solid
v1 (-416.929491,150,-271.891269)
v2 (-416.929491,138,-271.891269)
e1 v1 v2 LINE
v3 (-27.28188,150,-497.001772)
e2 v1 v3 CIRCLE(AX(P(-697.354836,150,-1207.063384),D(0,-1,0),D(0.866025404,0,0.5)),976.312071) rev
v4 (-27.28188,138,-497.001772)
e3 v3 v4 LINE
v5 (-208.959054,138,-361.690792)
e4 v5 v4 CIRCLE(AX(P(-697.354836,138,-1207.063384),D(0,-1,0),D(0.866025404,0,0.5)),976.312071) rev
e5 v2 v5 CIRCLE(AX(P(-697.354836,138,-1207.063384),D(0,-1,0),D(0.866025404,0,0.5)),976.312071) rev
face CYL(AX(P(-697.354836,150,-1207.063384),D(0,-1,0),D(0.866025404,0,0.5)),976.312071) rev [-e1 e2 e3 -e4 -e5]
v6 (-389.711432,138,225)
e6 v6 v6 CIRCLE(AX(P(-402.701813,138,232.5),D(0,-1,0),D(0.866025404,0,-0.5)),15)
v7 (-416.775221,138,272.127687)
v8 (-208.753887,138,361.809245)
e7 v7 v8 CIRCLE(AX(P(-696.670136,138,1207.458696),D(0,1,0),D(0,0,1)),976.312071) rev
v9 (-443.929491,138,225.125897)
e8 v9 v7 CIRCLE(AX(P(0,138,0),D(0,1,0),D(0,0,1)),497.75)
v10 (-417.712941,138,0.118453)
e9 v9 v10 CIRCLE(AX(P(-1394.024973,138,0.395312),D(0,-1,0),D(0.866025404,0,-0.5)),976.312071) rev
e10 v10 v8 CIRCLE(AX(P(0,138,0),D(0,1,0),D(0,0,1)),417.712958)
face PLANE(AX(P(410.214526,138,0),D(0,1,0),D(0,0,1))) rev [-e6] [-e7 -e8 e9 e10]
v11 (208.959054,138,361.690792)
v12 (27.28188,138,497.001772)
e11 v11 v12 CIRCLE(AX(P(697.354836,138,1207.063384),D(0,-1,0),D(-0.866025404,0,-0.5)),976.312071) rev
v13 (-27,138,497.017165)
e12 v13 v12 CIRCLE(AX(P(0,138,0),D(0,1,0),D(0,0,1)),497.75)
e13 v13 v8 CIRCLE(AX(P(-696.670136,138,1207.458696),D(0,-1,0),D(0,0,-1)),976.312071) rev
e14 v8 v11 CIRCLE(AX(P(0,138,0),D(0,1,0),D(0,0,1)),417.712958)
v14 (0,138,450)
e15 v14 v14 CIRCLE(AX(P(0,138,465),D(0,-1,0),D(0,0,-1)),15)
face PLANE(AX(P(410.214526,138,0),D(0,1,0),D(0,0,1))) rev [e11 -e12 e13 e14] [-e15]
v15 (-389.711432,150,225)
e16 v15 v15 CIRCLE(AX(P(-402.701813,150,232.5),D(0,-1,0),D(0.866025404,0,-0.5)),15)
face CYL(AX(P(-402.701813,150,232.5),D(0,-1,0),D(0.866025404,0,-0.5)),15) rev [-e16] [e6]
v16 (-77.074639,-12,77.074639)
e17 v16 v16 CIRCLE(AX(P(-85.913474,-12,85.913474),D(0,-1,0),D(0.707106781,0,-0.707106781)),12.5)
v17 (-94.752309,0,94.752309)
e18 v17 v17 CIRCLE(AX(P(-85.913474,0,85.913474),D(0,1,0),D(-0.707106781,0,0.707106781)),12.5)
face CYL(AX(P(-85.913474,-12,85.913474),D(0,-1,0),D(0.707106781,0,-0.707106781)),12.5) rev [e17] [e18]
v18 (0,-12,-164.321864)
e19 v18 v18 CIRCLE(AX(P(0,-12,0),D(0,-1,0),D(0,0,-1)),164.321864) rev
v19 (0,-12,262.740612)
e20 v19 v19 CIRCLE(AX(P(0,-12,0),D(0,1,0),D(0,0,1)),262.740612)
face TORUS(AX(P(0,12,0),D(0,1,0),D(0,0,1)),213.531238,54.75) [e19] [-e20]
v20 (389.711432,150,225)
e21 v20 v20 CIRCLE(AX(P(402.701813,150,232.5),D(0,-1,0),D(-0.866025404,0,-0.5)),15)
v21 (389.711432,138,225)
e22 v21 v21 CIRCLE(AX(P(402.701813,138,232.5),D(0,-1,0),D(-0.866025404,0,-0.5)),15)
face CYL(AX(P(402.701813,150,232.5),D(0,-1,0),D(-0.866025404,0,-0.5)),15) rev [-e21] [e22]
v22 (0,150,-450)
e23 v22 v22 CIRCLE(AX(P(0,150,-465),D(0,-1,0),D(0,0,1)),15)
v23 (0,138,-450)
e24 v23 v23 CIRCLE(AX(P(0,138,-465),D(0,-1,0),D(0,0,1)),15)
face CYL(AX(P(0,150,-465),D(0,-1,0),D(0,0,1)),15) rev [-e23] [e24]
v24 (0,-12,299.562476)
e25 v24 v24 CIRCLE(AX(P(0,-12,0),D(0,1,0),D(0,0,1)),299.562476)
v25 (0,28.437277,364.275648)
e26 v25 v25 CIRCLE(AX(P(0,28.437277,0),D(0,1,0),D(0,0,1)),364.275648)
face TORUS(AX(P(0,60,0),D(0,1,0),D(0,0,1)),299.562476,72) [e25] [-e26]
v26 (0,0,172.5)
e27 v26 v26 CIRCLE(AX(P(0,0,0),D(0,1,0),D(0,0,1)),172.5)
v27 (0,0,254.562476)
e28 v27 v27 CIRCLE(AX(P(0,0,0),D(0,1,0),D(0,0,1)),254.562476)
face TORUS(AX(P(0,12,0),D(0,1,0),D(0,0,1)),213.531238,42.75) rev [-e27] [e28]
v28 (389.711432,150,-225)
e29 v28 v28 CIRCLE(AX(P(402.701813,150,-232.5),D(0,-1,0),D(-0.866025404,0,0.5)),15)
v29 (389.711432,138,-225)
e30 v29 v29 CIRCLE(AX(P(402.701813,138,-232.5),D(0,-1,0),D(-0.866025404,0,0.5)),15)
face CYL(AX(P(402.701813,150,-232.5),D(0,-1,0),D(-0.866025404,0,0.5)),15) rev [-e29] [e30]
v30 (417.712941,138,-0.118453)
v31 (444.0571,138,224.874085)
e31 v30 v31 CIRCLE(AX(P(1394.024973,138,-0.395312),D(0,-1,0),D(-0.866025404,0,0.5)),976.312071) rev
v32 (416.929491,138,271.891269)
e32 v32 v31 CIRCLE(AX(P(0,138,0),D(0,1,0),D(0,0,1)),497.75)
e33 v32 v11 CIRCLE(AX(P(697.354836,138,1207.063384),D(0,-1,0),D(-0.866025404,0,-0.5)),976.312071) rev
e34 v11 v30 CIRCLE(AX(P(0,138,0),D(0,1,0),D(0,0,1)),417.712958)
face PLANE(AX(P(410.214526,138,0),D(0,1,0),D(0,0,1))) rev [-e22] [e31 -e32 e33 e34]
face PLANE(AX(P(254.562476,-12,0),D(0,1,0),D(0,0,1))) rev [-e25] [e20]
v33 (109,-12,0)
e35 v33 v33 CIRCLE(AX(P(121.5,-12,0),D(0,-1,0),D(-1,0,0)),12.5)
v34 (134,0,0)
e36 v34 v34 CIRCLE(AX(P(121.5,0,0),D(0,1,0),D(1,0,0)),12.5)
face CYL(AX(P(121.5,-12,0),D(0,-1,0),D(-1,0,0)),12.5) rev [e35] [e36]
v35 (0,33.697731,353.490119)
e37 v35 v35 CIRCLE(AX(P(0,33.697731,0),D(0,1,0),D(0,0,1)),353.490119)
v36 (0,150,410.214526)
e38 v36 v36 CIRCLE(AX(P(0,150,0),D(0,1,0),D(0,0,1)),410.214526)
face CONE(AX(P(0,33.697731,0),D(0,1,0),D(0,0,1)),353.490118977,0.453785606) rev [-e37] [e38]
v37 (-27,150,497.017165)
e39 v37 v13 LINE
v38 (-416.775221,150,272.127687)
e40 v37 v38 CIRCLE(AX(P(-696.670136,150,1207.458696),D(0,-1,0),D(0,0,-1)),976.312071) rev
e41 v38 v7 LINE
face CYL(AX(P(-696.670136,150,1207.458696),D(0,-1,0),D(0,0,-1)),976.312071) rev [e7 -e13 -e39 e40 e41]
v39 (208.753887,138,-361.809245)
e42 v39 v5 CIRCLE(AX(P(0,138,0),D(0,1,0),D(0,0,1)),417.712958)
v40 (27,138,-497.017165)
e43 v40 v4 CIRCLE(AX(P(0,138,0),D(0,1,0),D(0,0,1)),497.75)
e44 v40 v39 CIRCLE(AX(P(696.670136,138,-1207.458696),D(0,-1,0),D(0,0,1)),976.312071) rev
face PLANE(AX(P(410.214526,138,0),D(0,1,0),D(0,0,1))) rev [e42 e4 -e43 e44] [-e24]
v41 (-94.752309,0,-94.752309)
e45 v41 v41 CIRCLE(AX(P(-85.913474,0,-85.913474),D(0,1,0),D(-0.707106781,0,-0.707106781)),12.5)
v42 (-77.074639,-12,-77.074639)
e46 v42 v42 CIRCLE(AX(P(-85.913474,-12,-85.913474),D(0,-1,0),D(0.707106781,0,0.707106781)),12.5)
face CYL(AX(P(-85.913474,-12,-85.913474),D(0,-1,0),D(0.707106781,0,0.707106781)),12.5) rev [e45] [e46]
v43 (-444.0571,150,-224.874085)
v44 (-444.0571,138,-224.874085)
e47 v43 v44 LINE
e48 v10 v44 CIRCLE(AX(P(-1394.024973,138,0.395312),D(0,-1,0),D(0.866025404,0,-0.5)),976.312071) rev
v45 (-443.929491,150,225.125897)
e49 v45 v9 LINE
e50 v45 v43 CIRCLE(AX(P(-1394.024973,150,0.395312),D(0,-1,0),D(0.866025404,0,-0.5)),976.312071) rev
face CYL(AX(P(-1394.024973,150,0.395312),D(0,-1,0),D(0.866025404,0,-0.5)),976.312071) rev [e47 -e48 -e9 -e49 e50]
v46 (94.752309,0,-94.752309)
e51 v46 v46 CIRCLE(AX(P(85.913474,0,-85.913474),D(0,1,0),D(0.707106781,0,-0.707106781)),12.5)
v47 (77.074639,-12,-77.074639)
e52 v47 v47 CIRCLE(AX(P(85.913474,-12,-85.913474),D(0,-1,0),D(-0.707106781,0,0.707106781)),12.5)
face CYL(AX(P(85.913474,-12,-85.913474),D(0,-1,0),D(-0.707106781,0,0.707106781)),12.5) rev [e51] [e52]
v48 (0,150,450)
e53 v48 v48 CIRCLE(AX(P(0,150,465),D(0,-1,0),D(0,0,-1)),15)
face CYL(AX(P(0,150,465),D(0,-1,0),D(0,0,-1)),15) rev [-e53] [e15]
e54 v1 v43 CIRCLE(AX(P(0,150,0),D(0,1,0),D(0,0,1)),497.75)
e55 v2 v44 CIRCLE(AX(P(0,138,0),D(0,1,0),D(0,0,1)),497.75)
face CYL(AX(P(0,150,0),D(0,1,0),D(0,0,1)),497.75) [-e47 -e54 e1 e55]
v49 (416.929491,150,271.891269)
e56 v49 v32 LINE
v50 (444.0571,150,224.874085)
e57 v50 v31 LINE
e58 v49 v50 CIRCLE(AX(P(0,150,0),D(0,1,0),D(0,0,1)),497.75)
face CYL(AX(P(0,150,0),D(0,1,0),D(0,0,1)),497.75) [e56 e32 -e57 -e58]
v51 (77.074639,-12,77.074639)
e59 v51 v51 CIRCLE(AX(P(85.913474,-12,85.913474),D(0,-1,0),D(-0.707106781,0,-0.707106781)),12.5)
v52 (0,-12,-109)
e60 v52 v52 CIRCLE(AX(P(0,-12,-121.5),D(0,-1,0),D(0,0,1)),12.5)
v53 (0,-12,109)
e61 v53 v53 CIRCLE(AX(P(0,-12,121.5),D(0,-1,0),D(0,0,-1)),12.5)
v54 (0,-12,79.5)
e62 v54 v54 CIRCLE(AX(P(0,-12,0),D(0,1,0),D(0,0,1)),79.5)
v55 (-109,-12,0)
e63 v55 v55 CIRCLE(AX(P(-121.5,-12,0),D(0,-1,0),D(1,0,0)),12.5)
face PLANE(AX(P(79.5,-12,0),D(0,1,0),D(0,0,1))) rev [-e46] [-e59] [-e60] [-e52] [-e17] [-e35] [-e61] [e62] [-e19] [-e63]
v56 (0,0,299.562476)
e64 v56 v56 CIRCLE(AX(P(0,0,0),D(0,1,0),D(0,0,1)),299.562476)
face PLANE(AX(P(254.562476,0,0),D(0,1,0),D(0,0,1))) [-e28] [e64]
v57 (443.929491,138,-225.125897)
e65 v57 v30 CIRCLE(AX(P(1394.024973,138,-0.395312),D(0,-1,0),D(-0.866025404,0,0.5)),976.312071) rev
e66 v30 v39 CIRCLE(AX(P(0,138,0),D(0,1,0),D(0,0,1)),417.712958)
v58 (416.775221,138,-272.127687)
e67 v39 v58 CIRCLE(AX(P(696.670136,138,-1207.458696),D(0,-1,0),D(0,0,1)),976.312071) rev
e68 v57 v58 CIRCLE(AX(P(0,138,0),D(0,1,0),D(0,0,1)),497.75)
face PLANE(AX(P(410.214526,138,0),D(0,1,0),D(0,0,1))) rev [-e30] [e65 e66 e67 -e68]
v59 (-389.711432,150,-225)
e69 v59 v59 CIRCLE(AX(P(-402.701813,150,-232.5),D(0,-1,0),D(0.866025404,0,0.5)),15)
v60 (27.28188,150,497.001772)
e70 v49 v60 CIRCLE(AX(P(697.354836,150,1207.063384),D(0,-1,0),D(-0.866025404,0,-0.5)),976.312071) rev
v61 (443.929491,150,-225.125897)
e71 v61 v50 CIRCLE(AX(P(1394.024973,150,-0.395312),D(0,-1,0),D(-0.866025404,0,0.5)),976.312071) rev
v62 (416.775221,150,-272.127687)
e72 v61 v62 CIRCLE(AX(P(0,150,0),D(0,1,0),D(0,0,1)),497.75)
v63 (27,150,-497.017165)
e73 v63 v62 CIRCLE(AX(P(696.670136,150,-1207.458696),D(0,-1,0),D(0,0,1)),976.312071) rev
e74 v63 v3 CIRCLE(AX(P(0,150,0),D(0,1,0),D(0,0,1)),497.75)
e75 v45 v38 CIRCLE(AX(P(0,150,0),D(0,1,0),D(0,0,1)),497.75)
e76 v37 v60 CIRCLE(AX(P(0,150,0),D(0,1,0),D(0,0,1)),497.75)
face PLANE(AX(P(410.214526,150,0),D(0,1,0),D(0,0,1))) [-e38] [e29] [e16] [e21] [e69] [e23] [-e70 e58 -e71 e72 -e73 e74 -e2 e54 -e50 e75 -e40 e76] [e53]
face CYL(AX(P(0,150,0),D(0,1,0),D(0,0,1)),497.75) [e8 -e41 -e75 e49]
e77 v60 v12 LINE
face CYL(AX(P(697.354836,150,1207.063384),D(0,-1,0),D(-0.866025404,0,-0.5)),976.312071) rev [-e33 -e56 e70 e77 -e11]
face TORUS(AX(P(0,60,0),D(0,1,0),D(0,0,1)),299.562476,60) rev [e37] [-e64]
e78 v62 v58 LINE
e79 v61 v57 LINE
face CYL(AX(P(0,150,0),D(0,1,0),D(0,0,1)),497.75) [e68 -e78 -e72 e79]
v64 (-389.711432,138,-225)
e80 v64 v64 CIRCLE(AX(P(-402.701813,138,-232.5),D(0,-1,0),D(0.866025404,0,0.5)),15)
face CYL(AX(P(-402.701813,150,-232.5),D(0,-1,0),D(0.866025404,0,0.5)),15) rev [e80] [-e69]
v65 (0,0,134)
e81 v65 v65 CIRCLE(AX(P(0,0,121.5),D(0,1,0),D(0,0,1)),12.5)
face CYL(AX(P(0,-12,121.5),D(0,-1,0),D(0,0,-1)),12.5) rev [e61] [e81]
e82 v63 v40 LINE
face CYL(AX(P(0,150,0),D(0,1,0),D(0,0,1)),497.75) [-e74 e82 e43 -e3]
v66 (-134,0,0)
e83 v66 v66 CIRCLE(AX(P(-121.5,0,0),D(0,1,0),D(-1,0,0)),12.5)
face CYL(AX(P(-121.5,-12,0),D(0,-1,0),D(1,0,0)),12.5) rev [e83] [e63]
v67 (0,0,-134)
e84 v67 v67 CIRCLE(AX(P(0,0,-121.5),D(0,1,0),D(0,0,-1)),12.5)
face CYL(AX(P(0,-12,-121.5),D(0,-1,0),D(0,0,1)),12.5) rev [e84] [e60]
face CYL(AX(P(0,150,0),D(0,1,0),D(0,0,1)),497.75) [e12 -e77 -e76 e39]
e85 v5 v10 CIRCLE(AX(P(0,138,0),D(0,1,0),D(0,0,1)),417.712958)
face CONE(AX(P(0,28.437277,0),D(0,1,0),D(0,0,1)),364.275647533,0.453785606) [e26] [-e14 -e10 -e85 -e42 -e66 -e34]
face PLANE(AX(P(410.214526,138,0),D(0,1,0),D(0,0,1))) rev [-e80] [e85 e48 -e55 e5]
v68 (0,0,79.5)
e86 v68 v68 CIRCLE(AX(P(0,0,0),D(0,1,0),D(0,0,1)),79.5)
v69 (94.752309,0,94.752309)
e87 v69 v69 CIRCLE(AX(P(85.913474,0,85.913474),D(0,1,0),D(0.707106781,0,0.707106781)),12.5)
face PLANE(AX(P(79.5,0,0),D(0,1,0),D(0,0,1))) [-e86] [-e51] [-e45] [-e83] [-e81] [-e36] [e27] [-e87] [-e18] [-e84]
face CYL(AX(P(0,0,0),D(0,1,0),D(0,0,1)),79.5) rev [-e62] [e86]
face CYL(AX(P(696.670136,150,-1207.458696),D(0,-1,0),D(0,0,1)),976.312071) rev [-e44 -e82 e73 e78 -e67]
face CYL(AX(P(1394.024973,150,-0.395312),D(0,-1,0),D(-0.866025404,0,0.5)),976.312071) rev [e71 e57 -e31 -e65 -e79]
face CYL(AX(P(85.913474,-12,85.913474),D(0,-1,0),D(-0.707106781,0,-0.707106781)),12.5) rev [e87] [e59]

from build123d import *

# Parameters (mm, degrees)
THICKEN1_T1        = 12
CUT_EXTRUDE1_DEPTH = 727.760405867
CIRPATTERN1_COUNT  = 6
CIRPATTERN2_COUNT  = 8


with BuildPart() as body_1:
    # Surface-Revolve1: a surface, the sketch's curves turned about an axis
    with BuildLine(Plane.XY, mode=Mode.PRIVATE) as surface_revolve1_1_path:
        Line((79.5, 0), (172.5, 0))
        ThreePointArc((172.5, 0), (213.5312381, -30.75), (254.5624762, 0))
        Line((254.5624762, 0), (299.5624762, 0))
        ThreePointArc((299.5624762, 0), (331.357632054, 9.117114231), (353.490118977, 33.697731193))
        Line((353.490118977, 33.697731193), (410.214525599, 150))
        Line((410.214525599, 150), (497.75, 150))
    surface_revolve1_1 = Shell.revolve(surface_revolve1_1_path.wire(), 360, Axis((0, 0, 0), (0, 1, 0)))
    add(Solid.thicken(surface_revolve1_1, THICKEN1_T1))

    # Sketch2 → Cut-Extrude1 (cut, through all)
    with BuildSketch(Plane.XZ.offset(-138)):
        with BuildLine():
            ThreePointArc((-416.77522058, 272.12768696), (-208.753886972, 361.809245054), (-27, 497.017165197))
            ThreePointArc((-27, 497.017165197), (-248.752750649, 431.13470232), (-416.77522058, 272.12768696))
        make_face()
        with BuildLine():
            ThreePointArc((0, 480), (-15, 465), (0, 450))
            Line((0, 450), (0, 480))
        make_face()
        with BuildLine():
            Line((0, 480), (0, 450))
            ThreePointArc((0, 450), (10.606601718, 454.393398282), (15, 465))
            ThreePointArc((15, 465), (10.606601718, 475.606601718), (0, 480))
        make_face()
    cut_extrude1 = extrude(amount=-CUT_EXTRUDE1_DEPTH, mode=Mode.SUBTRACT)

    # CirPattern1: Cut-Extrude1 ×6 about axis
    cirpattern1_axis = Axis((0, 0, 0), (0, 1, 0))
    for i in range(1, CIRPATTERN1_COUNT):
        add(cut_extrude1.rotate(cirpattern1_axis, i * 360 / CIRPATTERN1_COUNT), mode=Mode.SUBTRACT)

    # Sketch5 → Ø25.0mm Dowel Hole1 (revolve, cut)
    with BuildSketch(Plane(origin=(0, -12, 121.5), x_dir=(0, 0, -1), z_dir=(1, 0, 0))):
        Polygon((0, 0), (0, 52.510757738), (12.5, 45), (12.5, 0), align=None)
    f_25_0mm_dowel_hole1 = revolve(axis=Axis((0, -18.35, 121.5), (0, 1, 0)), mode=Mode.SUBTRACT)

    # CirPattern2: Ø25.0mm Dowel Hole1 ×8 about axis
    cirpattern2_axis = Axis((0, 0, 0), (0, 1, 0))
    for i in range(1, CIRPATTERN2_COUNT):
        add(f_25_0mm_dowel_hole1.rotate(cirpattern2_axis, i * 360 / CIRPATTERN2_COUNT), mode=Mode.SUBTRACT)


solid = body_1.part
